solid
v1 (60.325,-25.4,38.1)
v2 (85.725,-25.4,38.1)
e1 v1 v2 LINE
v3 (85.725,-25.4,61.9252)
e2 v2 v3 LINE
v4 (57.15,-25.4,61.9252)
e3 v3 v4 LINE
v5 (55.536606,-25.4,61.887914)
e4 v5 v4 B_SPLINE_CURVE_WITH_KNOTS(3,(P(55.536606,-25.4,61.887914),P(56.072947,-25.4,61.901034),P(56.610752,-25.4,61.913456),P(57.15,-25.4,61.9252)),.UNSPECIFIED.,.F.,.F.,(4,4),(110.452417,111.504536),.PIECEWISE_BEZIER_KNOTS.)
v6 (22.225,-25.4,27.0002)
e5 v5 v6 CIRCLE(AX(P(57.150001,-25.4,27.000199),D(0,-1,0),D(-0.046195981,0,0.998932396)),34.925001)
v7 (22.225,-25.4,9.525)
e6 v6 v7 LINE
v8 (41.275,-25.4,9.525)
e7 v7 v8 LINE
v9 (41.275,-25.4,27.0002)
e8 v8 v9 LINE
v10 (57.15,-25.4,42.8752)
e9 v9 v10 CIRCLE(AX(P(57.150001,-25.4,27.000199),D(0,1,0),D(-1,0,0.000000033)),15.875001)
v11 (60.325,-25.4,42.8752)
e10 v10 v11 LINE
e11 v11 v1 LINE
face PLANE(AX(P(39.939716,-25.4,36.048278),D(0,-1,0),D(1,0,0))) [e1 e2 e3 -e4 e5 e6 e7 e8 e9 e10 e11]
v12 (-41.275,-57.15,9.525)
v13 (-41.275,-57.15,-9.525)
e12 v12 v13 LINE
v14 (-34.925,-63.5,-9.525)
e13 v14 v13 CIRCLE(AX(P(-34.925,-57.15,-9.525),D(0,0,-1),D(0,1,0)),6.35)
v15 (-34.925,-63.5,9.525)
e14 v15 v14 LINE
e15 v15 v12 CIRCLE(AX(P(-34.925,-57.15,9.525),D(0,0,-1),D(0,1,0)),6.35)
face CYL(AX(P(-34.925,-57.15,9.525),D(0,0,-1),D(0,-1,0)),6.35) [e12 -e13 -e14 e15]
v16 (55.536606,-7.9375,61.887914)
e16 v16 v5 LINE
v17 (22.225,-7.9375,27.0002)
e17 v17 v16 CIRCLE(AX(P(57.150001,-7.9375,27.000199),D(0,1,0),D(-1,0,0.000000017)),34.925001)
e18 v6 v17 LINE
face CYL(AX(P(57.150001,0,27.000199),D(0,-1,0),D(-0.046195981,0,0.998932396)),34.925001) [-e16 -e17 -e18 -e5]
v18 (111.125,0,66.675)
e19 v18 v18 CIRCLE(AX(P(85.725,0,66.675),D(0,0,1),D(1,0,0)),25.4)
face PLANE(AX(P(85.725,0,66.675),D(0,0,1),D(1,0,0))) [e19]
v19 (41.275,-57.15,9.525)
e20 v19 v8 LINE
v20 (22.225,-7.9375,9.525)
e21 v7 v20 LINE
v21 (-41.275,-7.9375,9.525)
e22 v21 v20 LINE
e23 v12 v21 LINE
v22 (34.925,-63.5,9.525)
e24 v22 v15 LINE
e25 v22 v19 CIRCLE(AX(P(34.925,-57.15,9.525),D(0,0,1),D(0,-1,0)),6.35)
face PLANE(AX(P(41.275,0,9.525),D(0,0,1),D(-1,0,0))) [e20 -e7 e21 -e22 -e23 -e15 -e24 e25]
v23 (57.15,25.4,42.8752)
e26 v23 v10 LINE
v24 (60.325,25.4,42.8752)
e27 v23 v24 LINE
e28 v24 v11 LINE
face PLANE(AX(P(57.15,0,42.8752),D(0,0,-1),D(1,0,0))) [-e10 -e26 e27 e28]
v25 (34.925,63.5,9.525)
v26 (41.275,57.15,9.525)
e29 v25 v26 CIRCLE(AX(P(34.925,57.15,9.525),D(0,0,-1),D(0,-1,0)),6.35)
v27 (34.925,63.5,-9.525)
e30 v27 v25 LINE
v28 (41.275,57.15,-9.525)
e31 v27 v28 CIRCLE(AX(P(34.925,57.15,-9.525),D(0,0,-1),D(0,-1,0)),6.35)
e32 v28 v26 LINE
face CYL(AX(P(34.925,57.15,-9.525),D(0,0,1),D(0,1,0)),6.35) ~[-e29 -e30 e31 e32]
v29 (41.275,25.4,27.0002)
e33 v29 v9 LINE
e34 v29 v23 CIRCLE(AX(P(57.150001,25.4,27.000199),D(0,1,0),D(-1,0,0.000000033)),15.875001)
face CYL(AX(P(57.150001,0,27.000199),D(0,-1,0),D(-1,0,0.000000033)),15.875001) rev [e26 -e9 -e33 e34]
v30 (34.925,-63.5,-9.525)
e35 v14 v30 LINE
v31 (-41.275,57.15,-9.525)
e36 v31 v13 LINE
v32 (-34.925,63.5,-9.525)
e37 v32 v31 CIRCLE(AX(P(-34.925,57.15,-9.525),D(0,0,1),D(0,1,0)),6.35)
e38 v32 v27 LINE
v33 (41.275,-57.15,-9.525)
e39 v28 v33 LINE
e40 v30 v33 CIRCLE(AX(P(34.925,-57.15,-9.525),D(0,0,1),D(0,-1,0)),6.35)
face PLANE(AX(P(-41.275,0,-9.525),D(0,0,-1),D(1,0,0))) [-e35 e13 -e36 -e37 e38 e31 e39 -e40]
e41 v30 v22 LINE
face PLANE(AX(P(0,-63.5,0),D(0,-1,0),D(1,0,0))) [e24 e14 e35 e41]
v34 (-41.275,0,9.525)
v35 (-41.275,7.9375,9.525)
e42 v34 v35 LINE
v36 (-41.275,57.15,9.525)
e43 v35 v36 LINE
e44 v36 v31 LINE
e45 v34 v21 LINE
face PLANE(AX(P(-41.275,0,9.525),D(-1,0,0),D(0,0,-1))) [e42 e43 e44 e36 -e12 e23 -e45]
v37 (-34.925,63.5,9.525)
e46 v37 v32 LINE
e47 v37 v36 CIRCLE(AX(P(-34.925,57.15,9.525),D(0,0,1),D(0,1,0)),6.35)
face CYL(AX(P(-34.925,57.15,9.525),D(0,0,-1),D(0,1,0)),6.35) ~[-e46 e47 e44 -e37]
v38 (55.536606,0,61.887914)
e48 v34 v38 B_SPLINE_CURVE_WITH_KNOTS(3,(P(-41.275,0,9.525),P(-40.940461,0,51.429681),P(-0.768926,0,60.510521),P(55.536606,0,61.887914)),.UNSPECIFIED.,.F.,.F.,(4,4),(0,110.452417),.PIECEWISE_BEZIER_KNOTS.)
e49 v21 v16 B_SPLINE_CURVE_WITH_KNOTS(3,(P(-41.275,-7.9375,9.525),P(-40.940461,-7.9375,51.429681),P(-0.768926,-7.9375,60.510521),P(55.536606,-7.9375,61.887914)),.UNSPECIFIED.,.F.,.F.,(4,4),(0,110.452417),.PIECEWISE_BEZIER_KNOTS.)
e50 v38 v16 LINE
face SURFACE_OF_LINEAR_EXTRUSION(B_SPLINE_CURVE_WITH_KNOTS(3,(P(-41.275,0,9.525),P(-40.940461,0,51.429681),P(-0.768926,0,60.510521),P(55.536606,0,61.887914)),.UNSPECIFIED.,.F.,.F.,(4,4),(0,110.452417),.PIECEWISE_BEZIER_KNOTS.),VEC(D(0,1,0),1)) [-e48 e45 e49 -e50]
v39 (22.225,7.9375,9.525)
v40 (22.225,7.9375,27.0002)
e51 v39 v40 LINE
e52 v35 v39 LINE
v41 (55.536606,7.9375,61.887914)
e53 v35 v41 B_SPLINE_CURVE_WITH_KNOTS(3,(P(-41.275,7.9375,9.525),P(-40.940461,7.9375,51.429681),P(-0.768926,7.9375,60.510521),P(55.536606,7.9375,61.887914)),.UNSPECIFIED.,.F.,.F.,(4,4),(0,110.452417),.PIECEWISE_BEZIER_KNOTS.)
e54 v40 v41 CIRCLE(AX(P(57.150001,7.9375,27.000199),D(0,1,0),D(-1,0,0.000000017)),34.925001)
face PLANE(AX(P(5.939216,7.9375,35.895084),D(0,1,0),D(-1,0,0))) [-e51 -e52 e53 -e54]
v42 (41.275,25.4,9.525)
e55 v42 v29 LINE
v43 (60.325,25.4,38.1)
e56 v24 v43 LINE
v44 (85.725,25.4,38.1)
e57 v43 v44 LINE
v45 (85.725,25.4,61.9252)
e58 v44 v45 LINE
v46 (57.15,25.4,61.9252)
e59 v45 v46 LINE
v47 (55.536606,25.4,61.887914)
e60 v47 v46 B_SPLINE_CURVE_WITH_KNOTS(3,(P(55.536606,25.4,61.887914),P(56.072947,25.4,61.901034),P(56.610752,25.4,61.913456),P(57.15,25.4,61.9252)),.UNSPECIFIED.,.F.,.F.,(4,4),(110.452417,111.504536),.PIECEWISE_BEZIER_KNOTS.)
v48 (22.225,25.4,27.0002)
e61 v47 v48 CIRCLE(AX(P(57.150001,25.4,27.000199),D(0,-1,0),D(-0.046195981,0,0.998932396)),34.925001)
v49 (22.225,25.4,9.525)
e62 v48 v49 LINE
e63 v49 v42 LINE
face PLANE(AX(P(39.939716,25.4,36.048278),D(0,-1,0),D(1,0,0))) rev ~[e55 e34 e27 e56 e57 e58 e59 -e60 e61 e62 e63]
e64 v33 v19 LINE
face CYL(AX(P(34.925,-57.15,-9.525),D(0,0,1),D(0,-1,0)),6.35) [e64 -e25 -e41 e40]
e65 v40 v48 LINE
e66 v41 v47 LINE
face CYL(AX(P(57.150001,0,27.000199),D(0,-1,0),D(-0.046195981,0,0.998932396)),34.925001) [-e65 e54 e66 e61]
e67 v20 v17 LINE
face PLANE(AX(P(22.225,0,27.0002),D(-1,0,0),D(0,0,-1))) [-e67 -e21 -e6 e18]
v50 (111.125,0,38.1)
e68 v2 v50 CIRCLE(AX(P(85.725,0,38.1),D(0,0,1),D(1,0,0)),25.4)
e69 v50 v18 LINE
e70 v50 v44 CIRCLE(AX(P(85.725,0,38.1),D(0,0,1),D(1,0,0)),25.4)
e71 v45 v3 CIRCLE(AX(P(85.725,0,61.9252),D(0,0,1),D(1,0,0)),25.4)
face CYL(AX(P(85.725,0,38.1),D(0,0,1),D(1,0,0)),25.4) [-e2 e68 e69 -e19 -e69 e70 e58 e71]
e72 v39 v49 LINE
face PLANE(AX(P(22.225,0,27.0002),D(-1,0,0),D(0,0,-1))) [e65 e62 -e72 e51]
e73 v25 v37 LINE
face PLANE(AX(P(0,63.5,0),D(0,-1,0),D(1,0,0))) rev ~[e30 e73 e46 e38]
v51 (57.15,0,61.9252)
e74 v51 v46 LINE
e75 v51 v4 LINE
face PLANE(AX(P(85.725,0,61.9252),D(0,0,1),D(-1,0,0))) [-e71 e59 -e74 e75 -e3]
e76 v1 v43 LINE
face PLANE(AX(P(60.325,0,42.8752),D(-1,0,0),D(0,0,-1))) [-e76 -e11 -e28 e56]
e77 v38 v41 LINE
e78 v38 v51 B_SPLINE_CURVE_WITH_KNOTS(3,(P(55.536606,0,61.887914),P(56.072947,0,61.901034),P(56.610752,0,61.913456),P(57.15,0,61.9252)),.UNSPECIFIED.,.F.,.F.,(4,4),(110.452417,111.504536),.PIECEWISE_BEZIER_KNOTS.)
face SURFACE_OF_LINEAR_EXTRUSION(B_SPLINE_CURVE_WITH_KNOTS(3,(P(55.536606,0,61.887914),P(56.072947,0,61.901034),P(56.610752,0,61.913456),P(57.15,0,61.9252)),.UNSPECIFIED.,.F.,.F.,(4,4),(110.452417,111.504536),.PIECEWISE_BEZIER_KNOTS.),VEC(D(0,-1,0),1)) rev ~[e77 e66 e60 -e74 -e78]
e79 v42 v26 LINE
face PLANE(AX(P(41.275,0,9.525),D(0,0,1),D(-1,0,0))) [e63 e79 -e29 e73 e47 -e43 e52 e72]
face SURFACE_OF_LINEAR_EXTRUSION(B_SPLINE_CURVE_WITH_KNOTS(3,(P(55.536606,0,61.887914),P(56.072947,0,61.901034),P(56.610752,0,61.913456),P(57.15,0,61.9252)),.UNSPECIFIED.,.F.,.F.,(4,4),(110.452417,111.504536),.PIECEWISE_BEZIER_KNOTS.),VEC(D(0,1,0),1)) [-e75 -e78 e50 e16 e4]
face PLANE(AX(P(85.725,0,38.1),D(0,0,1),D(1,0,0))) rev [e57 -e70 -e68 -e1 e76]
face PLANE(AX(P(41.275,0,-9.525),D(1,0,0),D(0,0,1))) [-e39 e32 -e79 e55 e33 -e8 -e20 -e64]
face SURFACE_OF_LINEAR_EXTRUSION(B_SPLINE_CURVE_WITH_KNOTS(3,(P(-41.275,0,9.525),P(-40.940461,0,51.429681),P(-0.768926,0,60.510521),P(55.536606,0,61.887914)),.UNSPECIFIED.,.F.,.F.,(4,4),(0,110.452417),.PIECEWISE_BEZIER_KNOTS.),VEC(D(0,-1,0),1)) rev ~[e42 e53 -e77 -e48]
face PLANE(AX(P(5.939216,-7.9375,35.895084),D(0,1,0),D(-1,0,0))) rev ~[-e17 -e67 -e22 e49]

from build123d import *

# Parameters (mm, degrees)
F1_DEPTH = 63.5
F2_DEPTH = 25.4
F3_DEPTH = 7.9375
F5_R     = 6.35


with BuildPart() as f1:
    # F0 (on Front) → F1 (new body, symmetric)
    with BuildSketch(Plane.XZ):
        Polygon((-41.275, 9.525), (-41.275, -9.525), (41.275, -9.525), (41.275, 9.525), (22.225, 9.525), align=None)
    extrude(amount=F1_DEPTH, both=True)

    # F0 (on Front) → F2 (join, symmetric)
    with BuildSketch(Plane.XZ):
        with BuildLine():
            Line((22.225, 9.525), (41.275, 9.525))
            Line((41.275, 9.525), (41.275, 27.0002))
            ThreePointArc((41.275, 27.0002), (45.92468, 38.22552), (57.15, 42.8752))
            Line((57.15, 42.8752), (60.325, 42.8752))
            Line((60.325, 42.8752), (60.325, 61.9252))
            Line((60.325, 61.9252), (57.15, 61.9252))
            add(Edge.make_bspline(
                [(55.536606, 61.887914), (56.072947, 61.901034), (56.610752, 61.913456), (57.15, 61.9252)],
                knots=[110.452417, 110.452417, 110.452417, 110.452417, 111.504536, 111.504536, 111.504536, 111.504536], degree=3))
            ThreePointArc((55.536606, 61.887914), (31.890315, 51.118739), (22.225, 27.0002))
            Line((22.225, 27.0002), (22.225, 9.525))
        make_face()
        Polygon((85.725, 61.9252), (60.325, 61.9252), (60.325, 42.8752), (60.325, 38.1), (85.725, 38.1), align=None)
    extrude(amount=F2_DEPTH, both=True)

    # F0 (on Front) → F3 (join, symmetric)
    with BuildSketch(Plane.XZ):
        with BuildLine():
            add(Edge.make_bspline(
                [(-41.275, 9.525), (-40.940461, 51.429681), (-0.768926, 60.510521), (55.536606, 61.887914)],
                knots=[0, 0, 0, 0, 110.452417, 110.452417, 110.452417, 110.452417], degree=3))
            Line((-41.275, 9.525), (22.225, 9.525))
            Line((22.225, 9.525), (22.225, 27.0002))
            ThreePointArc((22.225, 27.0002), (31.890315, 51.118739), (55.536606, 61.887914))
        make_face()
    extrude(amount=F3_DEPTH, both=True)

    # F0 (on Front) → F4 (revolve)
    with BuildSketch(Plane.XZ):
        Polygon((85.725, 66.675), (85.725, 61.9252), (85.725, 38.1), (111.125, 38.1), (111.125, 66.675), align=None)
    revolve(axis=Axis((85.725, 0, 52.3875), (0, 0, 1)))

    # F5
    f5_edges = [f1.edges().sort_by_distance(p)[0] for p in [
        (41.275, -63.5, 0),
        (-41.275, -63.5, 0),
        (41.275, 63.5, 0),
        (-41.275, 63.5, 0),
    ]]
    fillet(f5_edges, radius=F5_R)


solid = f1.part
